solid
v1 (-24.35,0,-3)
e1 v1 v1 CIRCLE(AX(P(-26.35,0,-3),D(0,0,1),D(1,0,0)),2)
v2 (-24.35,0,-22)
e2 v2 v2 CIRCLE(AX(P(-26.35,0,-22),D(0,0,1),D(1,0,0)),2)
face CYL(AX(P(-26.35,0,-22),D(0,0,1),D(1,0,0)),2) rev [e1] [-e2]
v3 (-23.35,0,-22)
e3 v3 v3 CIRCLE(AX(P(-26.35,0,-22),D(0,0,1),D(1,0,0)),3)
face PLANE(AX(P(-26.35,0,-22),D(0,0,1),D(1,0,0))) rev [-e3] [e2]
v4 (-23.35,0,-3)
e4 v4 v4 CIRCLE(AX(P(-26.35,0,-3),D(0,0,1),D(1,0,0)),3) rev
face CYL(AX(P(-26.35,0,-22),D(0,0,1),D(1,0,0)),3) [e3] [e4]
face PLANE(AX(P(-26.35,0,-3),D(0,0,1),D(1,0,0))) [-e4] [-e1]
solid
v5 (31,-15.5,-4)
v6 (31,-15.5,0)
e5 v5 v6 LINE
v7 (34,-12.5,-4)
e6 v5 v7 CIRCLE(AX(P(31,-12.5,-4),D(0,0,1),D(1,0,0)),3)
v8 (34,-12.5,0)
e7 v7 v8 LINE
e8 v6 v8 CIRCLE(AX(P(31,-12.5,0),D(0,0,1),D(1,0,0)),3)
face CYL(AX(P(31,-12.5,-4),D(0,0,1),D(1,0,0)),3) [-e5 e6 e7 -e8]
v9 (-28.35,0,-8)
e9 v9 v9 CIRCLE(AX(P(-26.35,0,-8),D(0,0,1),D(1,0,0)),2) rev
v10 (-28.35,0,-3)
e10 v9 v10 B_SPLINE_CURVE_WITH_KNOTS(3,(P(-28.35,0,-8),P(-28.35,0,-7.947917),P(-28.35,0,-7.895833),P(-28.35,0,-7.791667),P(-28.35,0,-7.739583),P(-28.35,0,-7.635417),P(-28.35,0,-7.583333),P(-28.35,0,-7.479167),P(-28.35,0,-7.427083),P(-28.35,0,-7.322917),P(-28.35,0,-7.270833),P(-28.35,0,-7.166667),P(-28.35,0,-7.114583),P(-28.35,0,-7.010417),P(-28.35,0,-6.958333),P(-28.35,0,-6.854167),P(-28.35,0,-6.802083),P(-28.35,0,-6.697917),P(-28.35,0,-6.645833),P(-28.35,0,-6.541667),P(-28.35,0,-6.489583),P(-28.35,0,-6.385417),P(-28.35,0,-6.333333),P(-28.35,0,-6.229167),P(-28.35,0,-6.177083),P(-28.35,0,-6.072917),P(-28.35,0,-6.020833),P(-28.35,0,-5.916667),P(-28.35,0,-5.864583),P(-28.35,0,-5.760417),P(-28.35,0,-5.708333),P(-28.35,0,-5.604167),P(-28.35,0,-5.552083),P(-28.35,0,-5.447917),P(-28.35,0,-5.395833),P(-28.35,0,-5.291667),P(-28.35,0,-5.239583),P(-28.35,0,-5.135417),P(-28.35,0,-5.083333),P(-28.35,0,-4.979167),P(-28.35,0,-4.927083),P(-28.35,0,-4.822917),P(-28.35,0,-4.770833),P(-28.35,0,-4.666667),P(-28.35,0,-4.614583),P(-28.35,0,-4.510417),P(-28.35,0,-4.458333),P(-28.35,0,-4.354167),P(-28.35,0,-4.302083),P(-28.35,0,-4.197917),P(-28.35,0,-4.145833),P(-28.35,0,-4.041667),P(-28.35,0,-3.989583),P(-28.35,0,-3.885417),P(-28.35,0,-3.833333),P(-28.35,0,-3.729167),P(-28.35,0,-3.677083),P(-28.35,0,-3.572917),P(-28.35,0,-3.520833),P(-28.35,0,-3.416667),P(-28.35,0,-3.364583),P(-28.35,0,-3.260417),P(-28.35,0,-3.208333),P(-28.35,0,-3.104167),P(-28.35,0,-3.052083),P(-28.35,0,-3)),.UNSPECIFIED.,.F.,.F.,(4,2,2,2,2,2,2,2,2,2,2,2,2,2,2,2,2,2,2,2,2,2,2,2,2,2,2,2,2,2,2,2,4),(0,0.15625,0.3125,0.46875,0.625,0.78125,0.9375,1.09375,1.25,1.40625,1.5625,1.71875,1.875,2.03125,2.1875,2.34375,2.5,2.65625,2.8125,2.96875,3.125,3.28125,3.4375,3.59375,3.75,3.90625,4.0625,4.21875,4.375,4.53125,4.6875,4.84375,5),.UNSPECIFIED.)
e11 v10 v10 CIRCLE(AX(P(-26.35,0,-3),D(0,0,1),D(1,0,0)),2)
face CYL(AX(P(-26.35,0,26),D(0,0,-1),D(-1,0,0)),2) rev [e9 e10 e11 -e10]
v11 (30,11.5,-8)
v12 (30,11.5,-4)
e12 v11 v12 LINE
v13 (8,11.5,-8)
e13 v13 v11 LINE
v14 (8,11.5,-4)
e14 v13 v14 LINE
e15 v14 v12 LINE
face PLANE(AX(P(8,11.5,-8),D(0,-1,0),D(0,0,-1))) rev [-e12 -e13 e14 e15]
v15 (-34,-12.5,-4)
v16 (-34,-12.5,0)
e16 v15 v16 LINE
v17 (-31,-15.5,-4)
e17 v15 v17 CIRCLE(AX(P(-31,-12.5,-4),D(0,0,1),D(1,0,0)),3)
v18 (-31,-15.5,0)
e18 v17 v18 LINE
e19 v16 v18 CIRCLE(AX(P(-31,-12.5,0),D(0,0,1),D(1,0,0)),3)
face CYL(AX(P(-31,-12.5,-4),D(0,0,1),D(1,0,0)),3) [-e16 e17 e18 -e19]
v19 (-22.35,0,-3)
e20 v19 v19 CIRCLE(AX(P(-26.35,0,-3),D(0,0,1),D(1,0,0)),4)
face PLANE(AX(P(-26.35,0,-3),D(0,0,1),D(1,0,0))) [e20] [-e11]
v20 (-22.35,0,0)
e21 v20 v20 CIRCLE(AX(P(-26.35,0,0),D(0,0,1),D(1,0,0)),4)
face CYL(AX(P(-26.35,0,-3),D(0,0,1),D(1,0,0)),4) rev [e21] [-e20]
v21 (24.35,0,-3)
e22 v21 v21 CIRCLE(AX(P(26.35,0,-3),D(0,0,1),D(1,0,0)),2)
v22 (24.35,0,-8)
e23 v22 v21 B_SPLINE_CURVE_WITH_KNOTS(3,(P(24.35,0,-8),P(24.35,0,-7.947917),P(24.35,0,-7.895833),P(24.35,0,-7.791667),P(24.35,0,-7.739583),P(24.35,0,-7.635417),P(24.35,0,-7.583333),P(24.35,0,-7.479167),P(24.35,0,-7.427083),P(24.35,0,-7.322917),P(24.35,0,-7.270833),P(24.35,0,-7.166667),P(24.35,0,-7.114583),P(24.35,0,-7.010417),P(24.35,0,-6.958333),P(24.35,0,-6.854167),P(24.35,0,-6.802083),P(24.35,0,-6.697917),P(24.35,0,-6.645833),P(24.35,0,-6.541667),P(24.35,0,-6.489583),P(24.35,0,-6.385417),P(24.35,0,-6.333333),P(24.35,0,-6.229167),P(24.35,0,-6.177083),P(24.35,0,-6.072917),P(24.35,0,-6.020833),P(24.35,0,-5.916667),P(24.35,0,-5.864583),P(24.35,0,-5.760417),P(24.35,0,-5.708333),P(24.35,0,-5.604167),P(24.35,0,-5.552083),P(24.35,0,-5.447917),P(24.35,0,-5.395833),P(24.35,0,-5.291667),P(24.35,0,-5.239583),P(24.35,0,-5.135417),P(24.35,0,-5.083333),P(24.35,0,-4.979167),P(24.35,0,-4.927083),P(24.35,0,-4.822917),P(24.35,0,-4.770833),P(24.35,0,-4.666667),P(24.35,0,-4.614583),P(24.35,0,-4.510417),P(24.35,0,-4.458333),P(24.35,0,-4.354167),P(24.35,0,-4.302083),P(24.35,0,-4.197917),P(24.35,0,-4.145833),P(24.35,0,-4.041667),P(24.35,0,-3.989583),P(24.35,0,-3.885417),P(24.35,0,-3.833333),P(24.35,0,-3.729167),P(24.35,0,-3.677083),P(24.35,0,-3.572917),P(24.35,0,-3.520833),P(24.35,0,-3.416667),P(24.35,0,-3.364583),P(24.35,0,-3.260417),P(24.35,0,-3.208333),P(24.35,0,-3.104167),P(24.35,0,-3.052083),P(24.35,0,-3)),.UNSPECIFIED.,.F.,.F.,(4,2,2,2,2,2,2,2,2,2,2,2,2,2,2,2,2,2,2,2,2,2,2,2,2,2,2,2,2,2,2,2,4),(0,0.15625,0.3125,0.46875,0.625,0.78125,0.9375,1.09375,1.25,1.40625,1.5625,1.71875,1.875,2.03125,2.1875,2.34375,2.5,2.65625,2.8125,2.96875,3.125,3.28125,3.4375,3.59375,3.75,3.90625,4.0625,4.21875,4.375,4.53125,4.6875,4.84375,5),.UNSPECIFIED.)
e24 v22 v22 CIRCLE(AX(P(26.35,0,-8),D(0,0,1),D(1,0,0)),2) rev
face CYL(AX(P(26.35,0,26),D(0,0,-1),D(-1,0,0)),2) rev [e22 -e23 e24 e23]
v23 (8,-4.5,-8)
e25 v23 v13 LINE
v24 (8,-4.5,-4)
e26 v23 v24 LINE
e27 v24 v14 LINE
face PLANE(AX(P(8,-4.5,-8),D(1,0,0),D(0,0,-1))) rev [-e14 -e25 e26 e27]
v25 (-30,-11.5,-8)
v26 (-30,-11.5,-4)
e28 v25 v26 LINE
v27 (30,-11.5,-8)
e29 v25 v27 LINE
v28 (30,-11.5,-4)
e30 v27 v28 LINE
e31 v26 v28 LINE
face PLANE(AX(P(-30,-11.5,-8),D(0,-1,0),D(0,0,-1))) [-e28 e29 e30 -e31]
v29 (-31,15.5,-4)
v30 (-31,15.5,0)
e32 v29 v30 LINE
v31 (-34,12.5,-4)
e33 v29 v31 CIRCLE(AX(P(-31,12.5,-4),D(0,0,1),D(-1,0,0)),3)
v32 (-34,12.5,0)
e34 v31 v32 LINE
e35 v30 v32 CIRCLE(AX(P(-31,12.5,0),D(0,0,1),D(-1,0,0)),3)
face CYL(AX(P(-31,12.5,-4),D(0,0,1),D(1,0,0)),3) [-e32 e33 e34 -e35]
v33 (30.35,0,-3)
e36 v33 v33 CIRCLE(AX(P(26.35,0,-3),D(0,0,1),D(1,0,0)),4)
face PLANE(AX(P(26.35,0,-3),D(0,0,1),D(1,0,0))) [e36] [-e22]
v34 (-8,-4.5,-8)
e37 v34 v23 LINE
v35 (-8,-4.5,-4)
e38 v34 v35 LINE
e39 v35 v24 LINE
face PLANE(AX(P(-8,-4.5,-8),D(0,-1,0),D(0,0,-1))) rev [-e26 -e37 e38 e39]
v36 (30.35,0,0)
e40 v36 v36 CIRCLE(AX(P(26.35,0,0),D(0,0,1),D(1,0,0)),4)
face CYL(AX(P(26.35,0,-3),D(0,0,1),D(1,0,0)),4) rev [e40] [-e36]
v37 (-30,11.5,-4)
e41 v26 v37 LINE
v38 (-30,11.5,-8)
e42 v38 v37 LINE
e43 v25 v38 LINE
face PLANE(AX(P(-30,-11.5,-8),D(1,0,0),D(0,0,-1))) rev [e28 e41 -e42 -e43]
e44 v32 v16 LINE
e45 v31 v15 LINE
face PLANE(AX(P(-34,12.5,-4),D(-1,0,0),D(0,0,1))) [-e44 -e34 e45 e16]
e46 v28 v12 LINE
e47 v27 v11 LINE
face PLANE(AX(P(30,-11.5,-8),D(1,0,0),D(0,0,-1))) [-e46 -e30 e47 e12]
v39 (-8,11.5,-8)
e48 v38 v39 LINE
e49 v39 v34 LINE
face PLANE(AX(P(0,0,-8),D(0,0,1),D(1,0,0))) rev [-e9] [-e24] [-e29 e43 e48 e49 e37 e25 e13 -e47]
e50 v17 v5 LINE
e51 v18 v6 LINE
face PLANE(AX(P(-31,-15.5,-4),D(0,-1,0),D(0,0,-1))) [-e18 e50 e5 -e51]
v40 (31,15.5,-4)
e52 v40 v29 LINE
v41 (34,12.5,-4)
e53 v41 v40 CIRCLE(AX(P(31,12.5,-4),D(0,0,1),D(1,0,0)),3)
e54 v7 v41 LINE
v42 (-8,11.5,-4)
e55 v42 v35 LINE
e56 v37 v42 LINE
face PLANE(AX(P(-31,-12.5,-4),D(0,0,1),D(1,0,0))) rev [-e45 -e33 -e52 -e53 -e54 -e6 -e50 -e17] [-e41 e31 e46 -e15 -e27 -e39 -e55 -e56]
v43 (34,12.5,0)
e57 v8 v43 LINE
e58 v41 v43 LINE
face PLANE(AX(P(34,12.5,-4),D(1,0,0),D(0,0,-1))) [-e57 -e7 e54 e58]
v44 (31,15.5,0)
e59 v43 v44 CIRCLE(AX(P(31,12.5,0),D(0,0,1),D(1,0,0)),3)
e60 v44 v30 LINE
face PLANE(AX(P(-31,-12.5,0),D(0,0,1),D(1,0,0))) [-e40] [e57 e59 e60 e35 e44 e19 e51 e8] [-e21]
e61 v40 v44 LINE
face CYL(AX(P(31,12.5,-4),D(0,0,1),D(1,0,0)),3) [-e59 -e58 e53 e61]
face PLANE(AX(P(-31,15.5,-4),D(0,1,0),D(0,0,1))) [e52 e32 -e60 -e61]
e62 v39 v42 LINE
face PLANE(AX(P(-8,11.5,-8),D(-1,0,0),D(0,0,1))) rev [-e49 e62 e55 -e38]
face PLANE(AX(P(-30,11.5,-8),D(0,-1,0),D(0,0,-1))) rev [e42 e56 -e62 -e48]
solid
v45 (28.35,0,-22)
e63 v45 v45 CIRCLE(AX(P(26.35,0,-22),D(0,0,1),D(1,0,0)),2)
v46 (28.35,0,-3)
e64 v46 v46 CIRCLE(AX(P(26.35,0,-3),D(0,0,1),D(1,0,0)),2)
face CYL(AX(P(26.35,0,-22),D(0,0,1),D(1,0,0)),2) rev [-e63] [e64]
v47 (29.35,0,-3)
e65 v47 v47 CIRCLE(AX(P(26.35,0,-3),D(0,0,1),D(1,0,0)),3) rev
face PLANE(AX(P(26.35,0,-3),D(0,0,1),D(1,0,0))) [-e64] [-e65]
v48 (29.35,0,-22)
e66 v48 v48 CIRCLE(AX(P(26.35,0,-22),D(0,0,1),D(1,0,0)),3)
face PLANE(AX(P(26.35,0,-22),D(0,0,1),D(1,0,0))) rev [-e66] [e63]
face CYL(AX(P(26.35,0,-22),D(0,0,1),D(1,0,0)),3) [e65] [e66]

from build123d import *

# Parameters (mm, degrees)
CROQUIS3_R                 = 3
CROQUIS3_R_2               = 2
SALIENTE_EXTRUIR2_DEPTH    = 22
SALIENTE_EXTRUIR2_2_DEPTH  = 22
CROQUIS4_W                 = 62
CROQUIS4_H                 = 25
SALIENTE_EXTRUIR3_DEPTH    = 4
CROQUIS6_W                 = 62
CROQUIS6_H                 = 25
SALIENTE_EXTRUIR4_DEPTH    = 8
CORTAR_EXTRUIR1_DEPTH      = 26
CORTAR_EXTRUIR1_DEPTH_BACK = 29
CROQUIS7_R                 = 2
CROQUIS9_W                 = 62
CROQUIS9_H                 = 25
CORTAR_EXTRUIR2_DEPTH      = 4
CROQUIS10_R                = 4
CROQUIS10_R_2              = 2
CORTAR_EXTRUIR3_DEPTH      = 3


with BuildPart() as part:
    # Croquis3 → Saliente-Extruir2 (new body)
    with BuildSketch(Plane.XY):
        with Locations((26.35, 0)):
            Circle(CROQUIS3_R)
        with Locations((26.35, 0)):
            Circle(CROQUIS3_R_2, mode=Mode.SUBTRACT)
    extrude(amount=-SALIENTE_EXTRUIR2_DEPTH)


with BuildPart() as body_2:
    # Croquis3 → Saliente-Extruir2 2 (new body)
    with BuildSketch(Plane.XY):
        with Locations((-26.35, 0)):
            Circle(CROQUIS3_R)
        with Locations((-26.35, 0)):
            Circle(CROQUIS3_R_2, mode=Mode.SUBTRACT)
    extrude(amount=-SALIENTE_EXTRUIR2_2_DEPTH)


with BuildPart() as body_3:
    # Croquis4 → Saliente-Extruir3 (new body)
    with BuildSketch(Plane.XY):
        with BuildLine():
            Line((-31, 15.5), (31, 15.5))
            ThreePointArc((31, 15.5), (33.121320344, 14.621320344), (34, 12.5))
            Line((34, 12.5), (34, -12.5))
            ThreePointArc((34, -12.5), (33.121320344, -14.621320344), (31, -15.5))
            Line((31, -15.5), (-31, -15.5))
            ThreePointArc((-31, -15.5), (-33.121320344, -14.621320344), (-34, -12.5))
            Line((-34, -12.5), (-34, 12.5))
            ThreePointArc((-34, 12.5), (-33.121320344, 14.621320344), (-31, 15.5))
        make_face()
        Rectangle(CROQUIS4_W, CROQUIS4_H, mode=Mode.SUBTRACT)
    extrude(amount=-SALIENTE_EXTRUIR3_DEPTH)

    # Croquis6 → Saliente-Extruir4 (add)
    with BuildSketch(Plane.XY):
        Rectangle(CROQUIS6_W, CROQUIS6_H)
    extrude(amount=-SALIENTE_EXTRUIR4_DEPTH)

    # Croquis7 → Cortar-Extruir1 (cut, two sides: drawn at the far end of the back side and taken through both)
    with BuildSketch(Plane.XY.offset(-CORTAR_EXTRUIR1_DEPTH_BACK)):
        with Locations(Location((-26.35, 0, 0), (0, 0, 180))):
            Circle(CROQUIS7_R)
        with Locations(Location((26.35, 0, 0), (0, 0, 180))):
            Circle(CROQUIS7_R)
    extrude(amount=CORTAR_EXTRUIR1_DEPTH + CORTAR_EXTRUIR1_DEPTH_BACK, mode=Mode.SUBTRACT)

    # Croquis9 → Cortar-Extruir2 (cut)
    with BuildSketch(Plane.XY.offset(-4)):
        Rectangle(CROQUIS9_W, CROQUIS9_H)
        Polygon((-8, 11.5), (-8, -4.5), (8, -4.5), (8, 11.5), (30, 11.5), (30, -11.5), (-30, -11.5), (-30, 11.5), align=None, mode=Mode.SUBTRACT)
    extrude(amount=-CORTAR_EXTRUIR2_DEPTH, mode=Mode.SUBTRACT)


with BuildPart() as cortar_extruir3_tool:
    # Croquis10 → Cortar-Extruir3 (new body)
    # profile 1 of 2: a face of its own
    with BuildSketch(Plane.XY):
        with Locations((-26.35, 0)):
            Circle(CROQUIS10_R)
        with Locations(Location((-26.35, 0, 0), (0, 0, 180))):
            Circle(CROQUIS10_R_2, mode=Mode.SUBTRACT)
    # profile 2 of 2: a face of its own
    with BuildSketch(Plane.XY):
        with Locations((26.35, 0)):
            Circle(CROQUIS10_R)
        with Locations(Location((26.35, 0, 0), (0, 0, 180))):
            Circle(CROQUIS10_R_2, mode=Mode.SUBTRACT)
    extrude(amount=-CORTAR_EXTRUIR3_DEPTH)


with BuildPart() as part_1:
    add(part.part)

    # Cortar-Extruir3: cut by cortar_extruir3_tool
    add(cortar_extruir3_tool.part, mode=Mode.SUBTRACT)


with BuildPart() as body_2_1:
    add(body_2.part)

    # Cortar-Extruir3: cut by cortar_extruir3_tool
    add(cortar_extruir3_tool.part, mode=Mode.SUBTRACT)


with BuildPart() as body_3_1:
    add(body_3.part)

    # Cortar-Extruir3: cut by cortar_extruir3_tool
    add(cortar_extruir3_tool.part, mode=Mode.SUBTRACT)


solid = Compound([part_1.part, body_2_1.part, body_3_1.part])
